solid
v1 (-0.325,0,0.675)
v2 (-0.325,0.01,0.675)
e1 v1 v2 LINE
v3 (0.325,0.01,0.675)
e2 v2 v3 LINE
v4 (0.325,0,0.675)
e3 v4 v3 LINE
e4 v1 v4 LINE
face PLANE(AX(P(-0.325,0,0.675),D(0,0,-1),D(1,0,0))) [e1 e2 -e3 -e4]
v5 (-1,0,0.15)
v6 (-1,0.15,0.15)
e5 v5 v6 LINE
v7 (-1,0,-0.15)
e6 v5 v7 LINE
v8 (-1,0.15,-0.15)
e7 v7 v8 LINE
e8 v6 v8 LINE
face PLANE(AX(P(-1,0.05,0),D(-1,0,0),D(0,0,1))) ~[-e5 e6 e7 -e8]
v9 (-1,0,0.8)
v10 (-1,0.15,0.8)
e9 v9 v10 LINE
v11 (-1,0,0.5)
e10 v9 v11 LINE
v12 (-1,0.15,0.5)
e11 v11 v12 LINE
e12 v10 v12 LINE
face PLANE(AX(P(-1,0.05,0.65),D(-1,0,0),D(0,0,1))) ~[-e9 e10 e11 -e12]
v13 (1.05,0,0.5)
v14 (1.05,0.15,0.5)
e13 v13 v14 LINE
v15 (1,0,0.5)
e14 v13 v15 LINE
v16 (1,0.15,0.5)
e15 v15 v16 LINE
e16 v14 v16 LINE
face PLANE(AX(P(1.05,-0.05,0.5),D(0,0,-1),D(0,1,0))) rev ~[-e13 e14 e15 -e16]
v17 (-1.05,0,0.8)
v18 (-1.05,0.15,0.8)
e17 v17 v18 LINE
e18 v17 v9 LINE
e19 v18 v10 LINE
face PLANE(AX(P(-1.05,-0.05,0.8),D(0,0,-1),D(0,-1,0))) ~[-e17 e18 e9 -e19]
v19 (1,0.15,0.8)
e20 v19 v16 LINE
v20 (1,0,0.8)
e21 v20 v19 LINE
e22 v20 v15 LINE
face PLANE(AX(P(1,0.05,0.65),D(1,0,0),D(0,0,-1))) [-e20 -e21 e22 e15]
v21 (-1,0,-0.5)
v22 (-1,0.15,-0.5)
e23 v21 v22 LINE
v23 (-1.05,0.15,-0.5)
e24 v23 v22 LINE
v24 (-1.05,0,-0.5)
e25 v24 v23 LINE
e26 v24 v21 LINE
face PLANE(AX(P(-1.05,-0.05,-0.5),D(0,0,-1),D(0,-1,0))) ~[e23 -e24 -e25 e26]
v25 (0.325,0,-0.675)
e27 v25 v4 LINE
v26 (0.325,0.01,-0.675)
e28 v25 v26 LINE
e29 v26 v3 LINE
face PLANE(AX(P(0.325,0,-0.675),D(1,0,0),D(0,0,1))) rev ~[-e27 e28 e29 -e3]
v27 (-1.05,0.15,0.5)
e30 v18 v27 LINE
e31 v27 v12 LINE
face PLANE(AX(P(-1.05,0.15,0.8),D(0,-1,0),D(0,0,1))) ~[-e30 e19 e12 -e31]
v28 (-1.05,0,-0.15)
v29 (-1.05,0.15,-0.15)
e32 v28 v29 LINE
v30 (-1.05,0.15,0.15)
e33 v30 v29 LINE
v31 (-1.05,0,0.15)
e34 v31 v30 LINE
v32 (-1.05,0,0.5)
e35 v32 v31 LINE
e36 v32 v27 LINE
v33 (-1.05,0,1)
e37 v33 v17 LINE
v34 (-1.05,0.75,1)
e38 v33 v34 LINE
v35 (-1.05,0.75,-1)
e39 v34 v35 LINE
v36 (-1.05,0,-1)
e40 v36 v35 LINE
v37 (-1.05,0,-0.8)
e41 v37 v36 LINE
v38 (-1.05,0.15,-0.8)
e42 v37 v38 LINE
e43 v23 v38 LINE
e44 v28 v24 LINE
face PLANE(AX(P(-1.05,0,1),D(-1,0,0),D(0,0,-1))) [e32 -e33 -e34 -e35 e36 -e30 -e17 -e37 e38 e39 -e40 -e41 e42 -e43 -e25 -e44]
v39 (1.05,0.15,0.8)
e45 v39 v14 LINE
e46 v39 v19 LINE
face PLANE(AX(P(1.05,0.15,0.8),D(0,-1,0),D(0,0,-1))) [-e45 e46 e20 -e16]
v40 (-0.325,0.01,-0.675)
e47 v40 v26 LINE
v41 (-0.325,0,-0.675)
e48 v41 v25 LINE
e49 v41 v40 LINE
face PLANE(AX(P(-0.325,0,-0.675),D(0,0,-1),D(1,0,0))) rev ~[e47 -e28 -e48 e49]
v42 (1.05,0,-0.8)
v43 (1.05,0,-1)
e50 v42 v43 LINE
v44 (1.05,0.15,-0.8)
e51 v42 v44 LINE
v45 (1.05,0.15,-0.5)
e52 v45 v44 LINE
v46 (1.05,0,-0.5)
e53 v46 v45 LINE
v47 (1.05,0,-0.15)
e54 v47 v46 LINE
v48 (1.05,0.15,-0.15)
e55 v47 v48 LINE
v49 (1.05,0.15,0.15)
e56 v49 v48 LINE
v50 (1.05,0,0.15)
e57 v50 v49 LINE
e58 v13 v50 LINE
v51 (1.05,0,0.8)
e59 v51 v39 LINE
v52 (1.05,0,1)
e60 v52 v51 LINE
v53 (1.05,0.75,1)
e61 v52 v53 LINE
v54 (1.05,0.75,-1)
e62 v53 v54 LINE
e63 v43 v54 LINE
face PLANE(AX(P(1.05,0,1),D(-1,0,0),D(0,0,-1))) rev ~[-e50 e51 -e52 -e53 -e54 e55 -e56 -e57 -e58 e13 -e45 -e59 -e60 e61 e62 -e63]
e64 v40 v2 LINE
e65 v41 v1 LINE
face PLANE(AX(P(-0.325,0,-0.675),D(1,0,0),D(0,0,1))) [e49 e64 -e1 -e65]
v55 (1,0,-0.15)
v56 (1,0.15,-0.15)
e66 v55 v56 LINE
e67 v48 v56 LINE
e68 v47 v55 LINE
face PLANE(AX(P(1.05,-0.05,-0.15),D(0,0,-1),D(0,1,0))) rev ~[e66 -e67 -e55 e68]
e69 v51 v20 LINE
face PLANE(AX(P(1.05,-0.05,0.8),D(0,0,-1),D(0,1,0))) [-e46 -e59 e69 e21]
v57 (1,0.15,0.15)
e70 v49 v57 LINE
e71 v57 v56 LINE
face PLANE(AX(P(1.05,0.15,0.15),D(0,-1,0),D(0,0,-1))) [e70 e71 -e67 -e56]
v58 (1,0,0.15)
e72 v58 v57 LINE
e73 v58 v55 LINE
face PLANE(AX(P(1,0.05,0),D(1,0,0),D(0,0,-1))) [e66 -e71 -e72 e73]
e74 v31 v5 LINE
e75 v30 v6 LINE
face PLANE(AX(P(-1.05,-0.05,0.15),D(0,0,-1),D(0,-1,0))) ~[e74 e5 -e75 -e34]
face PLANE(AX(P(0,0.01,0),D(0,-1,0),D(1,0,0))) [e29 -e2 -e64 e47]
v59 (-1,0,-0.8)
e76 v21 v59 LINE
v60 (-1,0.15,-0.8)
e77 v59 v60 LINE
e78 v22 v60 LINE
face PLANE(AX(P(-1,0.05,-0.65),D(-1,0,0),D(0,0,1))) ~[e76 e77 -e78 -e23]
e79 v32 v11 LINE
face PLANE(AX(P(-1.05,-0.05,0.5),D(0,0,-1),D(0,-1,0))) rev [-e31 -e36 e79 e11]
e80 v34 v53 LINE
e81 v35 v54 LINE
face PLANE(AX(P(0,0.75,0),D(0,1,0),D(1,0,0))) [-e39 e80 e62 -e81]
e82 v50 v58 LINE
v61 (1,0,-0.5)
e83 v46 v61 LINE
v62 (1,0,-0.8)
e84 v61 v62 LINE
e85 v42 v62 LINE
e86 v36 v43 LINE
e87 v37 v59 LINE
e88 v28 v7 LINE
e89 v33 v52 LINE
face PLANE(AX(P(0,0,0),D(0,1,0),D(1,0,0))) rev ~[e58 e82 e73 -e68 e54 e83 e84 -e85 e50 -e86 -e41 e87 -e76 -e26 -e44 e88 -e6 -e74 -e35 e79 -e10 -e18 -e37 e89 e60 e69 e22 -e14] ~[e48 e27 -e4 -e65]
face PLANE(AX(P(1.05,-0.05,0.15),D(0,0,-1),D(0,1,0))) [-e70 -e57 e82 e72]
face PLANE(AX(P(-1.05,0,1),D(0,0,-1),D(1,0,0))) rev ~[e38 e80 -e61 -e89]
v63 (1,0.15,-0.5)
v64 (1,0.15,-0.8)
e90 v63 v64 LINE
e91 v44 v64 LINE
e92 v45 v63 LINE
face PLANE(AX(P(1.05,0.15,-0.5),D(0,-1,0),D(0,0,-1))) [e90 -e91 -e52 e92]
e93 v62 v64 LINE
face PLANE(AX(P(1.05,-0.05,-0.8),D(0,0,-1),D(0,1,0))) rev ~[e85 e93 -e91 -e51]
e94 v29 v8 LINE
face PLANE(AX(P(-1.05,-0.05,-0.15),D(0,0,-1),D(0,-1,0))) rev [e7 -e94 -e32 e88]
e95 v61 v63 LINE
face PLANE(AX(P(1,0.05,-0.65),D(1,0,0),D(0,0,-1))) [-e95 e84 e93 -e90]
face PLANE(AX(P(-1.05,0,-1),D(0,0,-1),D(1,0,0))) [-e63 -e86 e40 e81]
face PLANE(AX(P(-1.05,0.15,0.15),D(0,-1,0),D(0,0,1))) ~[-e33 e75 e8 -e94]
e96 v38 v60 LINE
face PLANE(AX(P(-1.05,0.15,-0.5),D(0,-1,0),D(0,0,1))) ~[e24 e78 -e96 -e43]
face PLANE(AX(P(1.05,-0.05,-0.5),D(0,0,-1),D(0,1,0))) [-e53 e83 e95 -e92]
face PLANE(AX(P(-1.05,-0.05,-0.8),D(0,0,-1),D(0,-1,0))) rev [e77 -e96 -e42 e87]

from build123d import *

# Parameters (mm, degrees)
SKETCH1_W           = 2.1
SKETCH1_H           = 2
BOSS_EXTRUDE1_DEPTH = 0.75
SKETCH2_W           = 0.3
SKETCH2_H           = 0.2
CUT_EXTRUDE1_DEPTH  = 0.05
SKETCH3_W           = 0.65
SKETCH3_H           = 1.35
CUT_EXTRUDE2_DEPTH  = 0.01


with BuildPart() as part:
    # Sketch1 → Boss-Extrude1 (new body)
    with BuildSketch(Plane(origin=(0, 0, 0), x_dir=(1, 0, 0), z_dir=(0, 1, 0))):
        Rectangle(SKETCH1_W, SKETCH1_H)
    extrude(amount=BOSS_EXTRUDE1_DEPTH)

    # Sketch2 → Cut-Extrude1 (cut)
    with BuildSketch(Plane(origin=(1.05, 0, 0), x_dir=(0, 0, -1), z_dir=(1, 0, 0))):
        with Locations((-0.65, 0.05)):
            Rectangle(SKETCH2_W, SKETCH2_H)
        with Locations((0, 0.05)):
            Rectangle(SKETCH2_W, SKETCH2_H)
        with Locations((0.65, 0.05)):
            Rectangle(SKETCH2_W, SKETCH2_H)
    cut_extrude1 = extrude(amount=-CUT_EXTRUDE1_DEPTH, mode=Mode.SUBTRACT)

    # Mirror1: Cut-Extrude1 across plane
    add(cut_extrude1.mirror(Plane(origin=(0, 0, 0), x_dir=(0, 0, 1), z_dir=(1, 0, 0))), mode=Mode.SUBTRACT)

    # Sketch3 → Cut-Extrude2 (cut)
    with BuildSketch(Plane.XZ):
        Rectangle(SKETCH3_W, SKETCH3_H)
    extrude(amount=-CUT_EXTRUDE2_DEPTH, mode=Mode.SUBTRACT)


solid = part.part
